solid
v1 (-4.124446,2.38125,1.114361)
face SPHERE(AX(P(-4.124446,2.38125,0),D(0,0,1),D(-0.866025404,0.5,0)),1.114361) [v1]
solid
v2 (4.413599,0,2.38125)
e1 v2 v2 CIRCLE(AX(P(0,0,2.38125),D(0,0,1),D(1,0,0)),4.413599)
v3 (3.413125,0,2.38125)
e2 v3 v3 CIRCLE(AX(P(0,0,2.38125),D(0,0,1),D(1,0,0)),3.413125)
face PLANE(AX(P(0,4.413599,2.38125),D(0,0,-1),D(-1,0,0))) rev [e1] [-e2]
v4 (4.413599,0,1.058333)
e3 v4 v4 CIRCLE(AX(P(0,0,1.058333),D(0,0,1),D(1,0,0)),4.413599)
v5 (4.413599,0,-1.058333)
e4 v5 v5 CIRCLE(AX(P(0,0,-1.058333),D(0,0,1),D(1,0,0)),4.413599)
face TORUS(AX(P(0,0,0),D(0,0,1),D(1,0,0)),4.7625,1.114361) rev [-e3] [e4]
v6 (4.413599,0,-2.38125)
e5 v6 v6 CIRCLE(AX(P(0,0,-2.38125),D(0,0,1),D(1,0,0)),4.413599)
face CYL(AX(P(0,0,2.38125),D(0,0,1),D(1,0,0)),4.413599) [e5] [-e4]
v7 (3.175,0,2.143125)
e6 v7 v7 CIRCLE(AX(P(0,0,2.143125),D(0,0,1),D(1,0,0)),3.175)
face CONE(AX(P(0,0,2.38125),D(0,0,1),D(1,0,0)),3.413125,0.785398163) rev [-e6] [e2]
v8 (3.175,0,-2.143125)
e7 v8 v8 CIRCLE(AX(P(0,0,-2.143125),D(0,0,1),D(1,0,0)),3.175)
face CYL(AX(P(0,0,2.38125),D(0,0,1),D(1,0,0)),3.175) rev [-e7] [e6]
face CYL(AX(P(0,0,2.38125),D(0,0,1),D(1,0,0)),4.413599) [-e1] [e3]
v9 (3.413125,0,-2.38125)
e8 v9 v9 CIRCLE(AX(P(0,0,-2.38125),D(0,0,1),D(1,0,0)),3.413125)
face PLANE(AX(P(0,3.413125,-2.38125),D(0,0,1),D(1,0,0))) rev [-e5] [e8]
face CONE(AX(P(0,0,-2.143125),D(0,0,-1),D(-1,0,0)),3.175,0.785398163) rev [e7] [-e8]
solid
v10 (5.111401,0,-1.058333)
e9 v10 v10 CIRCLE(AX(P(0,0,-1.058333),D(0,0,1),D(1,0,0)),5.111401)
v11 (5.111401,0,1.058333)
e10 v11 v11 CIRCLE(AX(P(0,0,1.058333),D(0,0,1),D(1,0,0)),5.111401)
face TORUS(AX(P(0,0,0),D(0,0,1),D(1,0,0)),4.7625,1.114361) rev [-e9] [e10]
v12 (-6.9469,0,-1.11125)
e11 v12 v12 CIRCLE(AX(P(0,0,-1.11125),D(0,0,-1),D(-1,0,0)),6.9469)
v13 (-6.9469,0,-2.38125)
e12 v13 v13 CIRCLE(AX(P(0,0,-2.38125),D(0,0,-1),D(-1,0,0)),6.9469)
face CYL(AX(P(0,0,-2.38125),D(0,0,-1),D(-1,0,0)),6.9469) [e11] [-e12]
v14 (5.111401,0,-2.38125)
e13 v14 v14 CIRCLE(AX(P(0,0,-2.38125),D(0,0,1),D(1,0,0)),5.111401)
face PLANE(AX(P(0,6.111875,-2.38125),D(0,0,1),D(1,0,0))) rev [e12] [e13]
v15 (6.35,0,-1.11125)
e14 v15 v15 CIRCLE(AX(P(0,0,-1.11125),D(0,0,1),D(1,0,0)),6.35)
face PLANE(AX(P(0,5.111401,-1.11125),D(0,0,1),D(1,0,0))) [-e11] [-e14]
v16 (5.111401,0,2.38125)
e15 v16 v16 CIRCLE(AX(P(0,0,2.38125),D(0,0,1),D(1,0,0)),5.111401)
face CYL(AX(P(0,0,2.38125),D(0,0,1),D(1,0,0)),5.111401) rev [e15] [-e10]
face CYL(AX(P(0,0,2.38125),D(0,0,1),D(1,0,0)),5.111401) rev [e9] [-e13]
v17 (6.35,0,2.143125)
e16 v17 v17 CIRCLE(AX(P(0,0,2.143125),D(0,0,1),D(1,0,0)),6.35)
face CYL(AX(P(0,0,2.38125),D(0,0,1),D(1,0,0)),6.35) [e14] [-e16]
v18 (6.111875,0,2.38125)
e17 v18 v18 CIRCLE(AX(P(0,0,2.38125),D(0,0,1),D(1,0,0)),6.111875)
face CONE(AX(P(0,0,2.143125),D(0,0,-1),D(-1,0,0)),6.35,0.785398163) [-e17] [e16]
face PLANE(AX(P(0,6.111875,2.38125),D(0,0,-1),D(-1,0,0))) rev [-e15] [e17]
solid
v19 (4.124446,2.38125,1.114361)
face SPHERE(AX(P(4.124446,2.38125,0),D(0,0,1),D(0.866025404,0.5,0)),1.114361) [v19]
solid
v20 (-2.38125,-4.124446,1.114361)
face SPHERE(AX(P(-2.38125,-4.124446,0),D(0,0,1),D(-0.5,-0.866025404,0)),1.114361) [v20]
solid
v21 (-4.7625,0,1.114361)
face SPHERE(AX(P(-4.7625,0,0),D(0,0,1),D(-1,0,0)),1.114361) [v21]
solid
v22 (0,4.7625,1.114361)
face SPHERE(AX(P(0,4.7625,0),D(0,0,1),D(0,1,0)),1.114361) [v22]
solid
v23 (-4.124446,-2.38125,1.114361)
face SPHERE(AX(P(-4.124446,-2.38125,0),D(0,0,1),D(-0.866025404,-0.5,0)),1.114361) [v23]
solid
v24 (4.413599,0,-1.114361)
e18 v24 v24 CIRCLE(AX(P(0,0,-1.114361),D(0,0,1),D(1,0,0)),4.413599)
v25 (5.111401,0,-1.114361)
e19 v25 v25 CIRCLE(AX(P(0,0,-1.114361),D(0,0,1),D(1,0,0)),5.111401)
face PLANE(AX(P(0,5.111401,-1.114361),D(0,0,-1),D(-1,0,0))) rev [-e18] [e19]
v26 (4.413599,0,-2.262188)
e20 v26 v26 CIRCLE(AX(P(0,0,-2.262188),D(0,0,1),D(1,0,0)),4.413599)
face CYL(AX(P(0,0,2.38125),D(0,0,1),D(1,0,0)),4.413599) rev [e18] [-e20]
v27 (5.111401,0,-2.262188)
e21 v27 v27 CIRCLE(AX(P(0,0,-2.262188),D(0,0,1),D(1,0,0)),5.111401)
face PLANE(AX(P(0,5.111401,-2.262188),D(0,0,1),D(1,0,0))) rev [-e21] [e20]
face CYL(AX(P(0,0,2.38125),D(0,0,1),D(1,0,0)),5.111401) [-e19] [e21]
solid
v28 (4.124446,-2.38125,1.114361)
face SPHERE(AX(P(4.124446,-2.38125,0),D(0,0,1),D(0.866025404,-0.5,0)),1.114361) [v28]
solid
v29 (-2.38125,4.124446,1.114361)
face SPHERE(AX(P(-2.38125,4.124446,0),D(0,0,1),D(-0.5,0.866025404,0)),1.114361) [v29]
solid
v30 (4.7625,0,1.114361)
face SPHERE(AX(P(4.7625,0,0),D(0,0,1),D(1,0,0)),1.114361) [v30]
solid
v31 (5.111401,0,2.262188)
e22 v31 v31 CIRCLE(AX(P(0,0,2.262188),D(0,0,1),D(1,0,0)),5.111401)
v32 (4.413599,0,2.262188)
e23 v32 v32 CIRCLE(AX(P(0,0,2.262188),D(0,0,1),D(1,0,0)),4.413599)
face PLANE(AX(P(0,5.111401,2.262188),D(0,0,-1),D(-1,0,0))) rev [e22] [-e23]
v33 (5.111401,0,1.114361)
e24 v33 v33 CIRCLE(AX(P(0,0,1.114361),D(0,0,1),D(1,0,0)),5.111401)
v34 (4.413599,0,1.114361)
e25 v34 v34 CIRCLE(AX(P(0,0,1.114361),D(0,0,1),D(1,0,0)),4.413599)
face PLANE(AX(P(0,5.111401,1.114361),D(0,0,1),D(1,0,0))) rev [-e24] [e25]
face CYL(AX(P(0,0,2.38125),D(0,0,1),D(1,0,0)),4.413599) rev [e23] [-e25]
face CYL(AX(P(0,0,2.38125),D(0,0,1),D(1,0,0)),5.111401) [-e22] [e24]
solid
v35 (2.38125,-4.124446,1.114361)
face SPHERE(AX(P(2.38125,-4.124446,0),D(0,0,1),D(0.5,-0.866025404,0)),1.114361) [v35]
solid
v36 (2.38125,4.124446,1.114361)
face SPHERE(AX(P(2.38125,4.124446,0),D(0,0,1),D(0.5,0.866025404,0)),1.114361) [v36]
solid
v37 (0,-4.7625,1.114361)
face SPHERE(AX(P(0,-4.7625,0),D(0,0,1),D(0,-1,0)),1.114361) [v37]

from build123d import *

# Parameters (mm, degrees)
CIRPATTERN1_COUNT = 12
SKETCH5_W         = 1.147826059
SKETCH5_H         = 0.697802198
SKETCH6_W         = 1.27
SKETCH6_H         = 1.835498901


with BuildPart() as part:
    # Sketch → Revolve1 (revolve)
    with BuildSketch(Plane(origin=(0, 0, 0), x_dir=(0, 0, -1), z_dir=(1, 0, 0))):
        with BuildLine():
            Line((2.143125, 6.35), (-2.143125, 6.35))
            Line((-2.143125, 6.35), (-2.38125, 6.111875))
            Line((-2.38125, 6.111875), (-2.38125, 5.111401099))
            Line((-2.38125, 5.111401099), (-1.058333333, 5.111401099))
            ThreePointArc((-1.058333333, 5.111401099), (0, 5.876861441), (1.058333333, 5.111401099))
            Line((1.058333333, 5.111401099), (2.38125, 5.111401099))
            Line((2.38125, 5.111401099), (2.38125, 6.111875))
            Line((2.38125, 6.111875), (2.143125, 6.35))
        make_face()
    revolve(axis=Axis((0, 0, 2.38125), (0, 0, -1)))

    # Sketch6 → Revolve6 (revolve)
    with BuildSketch(Plane(origin=(0, 0, 0), x_dir=(0, 0, -1), z_dir=(1, 0, 0))):
        with Locations((1.74625, 6.02915055)):
            Rectangle(SKETCH6_W, SKETCH6_H)
    revolve(axis=Axis((0, 0, -2.38125), (0, 0, 1)))


with BuildPart() as body_2:
    # Sketch3 → Revolve3 (revolve)
    with BuildSketch(Plane(origin=(0, 0, 0), x_dir=(0, 0, -1), z_dir=(1, 0, 0))):
        with BuildLine():
            Line((-2.38125, 4.413598901), (-1.058333333, 4.413598901))
            ThreePointArc((-1.058333333, 4.413598901), (0, 3.648138559), (1.058333333, 4.413598901))
            Line((1.058333333, 4.413598901), (2.38125, 4.413598901))
            Line((2.38125, 4.413598901), (2.38125, 3.413125))
            Line((2.38125, 3.413125), (2.143125, 3.175))
            Line((2.143125, 3.175), (-2.143125, 3.175))
            Line((-2.143125, 3.175), (-2.38125, 3.413125))
            Line((-2.38125, 3.413125), (-2.38125, 4.413598901))
        make_face()
    revolve(axis=Axis((0, 0, 2.38125), (0, 0, -1)))


with BuildPart() as body_3:
    # Sketch4 → Revolve4 (revolve)
    with BuildSketch(Plane(origin=(0, 0, 0), x_dir=(0, 0, -1), z_dir=(1, 0, 0))):
        with BuildLine():
            Line((-1.114361441, 4.7625), (1.114361441, 4.7625))
            ThreePointArc((1.114361441, 4.7625), (0, 5.876861441), (-1.114361441, 4.7625))
        make_face()
    revolve(axis=Axis((0, 4.7625, 1.114361441), (0, 0, -1)))


with BuildPart() as cirpattern1_1:
    # CirPattern1: pattern copy
    add(body_3.part.rotate(Axis((0, 0, -2.38125), (0, 0, 1)), 1 * 360 / CIRPATTERN1_COUNT))


with BuildPart() as cirpattern1_2:
    # CirPattern1: pattern copy
    add(body_3.part.rotate(Axis((0, 0, -2.38125), (0, 0, 1)), 2 * 360 / CIRPATTERN1_COUNT))


with BuildPart() as cirpattern1_3:
    # CirPattern1: pattern copy
    add(body_3.part.rotate(Axis((0, 0, -2.38125), (0, 0, 1)), 3 * 360 / CIRPATTERN1_COUNT))


with BuildPart() as cirpattern1_4:
    # CirPattern1: pattern copy
    add(body_3.part.rotate(Axis((0, 0, -2.38125), (0, 0, 1)), 4 * 360 / CIRPATTERN1_COUNT))


with BuildPart() as cirpattern1_5:
    # CirPattern1: pattern copy
    add(body_3.part.rotate(Axis((0, 0, -2.38125), (0, 0, 1)), 5 * 360 / CIRPATTERN1_COUNT))


with BuildPart() as cirpattern1_6:
    # CirPattern1: pattern copy
    add(body_3.part.rotate(Axis((0, 0, -2.38125), (0, 0, 1)), 6 * 360 / CIRPATTERN1_COUNT))


with BuildPart() as cirpattern1_7:
    # CirPattern1: pattern copy
    add(body_3.part.rotate(Axis((0, 0, -2.38125), (0, 0, 1)), 7 * 360 / CIRPATTERN1_COUNT))


with BuildPart() as cirpattern1_8:
    # CirPattern1: pattern copy
    add(body_3.part.rotate(Axis((0, 0, -2.38125), (0, 0, 1)), 8 * 360 / CIRPATTERN1_COUNT))


with BuildPart() as cirpattern1_9:
    # CirPattern1: pattern copy
    add(body_3.part.rotate(Axis((0, 0, -2.38125), (0, 0, 1)), 9 * 360 / CIRPATTERN1_COUNT))


with BuildPart() as cirpattern1_10:
    # CirPattern1: pattern copy
    add(body_3.part.rotate(Axis((0, 0, -2.38125), (0, 0, 1)), 10 * 360 / CIRPATTERN1_COUNT))


with BuildPart() as cirpattern1_11:
    # CirPattern1: pattern copy
    add(body_3.part.rotate(Axis((0, 0, -2.38125), (0, 0, 1)), 11 * 360 / CIRPATTERN1_COUNT))


with BuildPart() as body_15:
    # Sketch5 → Revolve5 (revolve)
    with BuildSketch(Plane(origin=(0, 0, 0), x_dir=(0, 0, -1), z_dir=(1, 0, 0))):
        with Locations((-1.688274471, 4.7625)):
            Rectangle(SKETCH5_W, SKETCH5_H)
        with Locations((1.688274471, 4.7625)):
            Rectangle(SKETCH5_W, SKETCH5_H)
    revolve(axis=Axis((0, 0, 2.38125), (0, 0, -1)))


solid = Compound([part.part, body_2.part, body_3.part, cirpattern1_1.part, cirpattern1_2.part, cirpattern1_3.part, cirpattern1_4.part, cirpattern1_5.part, cirpattern1_6.part, cirpattern1_7.part, cirpattern1_8.part, cirpattern1_9.part, cirpattern1_10.part, cirpattern1_11.part, body_15.part])
